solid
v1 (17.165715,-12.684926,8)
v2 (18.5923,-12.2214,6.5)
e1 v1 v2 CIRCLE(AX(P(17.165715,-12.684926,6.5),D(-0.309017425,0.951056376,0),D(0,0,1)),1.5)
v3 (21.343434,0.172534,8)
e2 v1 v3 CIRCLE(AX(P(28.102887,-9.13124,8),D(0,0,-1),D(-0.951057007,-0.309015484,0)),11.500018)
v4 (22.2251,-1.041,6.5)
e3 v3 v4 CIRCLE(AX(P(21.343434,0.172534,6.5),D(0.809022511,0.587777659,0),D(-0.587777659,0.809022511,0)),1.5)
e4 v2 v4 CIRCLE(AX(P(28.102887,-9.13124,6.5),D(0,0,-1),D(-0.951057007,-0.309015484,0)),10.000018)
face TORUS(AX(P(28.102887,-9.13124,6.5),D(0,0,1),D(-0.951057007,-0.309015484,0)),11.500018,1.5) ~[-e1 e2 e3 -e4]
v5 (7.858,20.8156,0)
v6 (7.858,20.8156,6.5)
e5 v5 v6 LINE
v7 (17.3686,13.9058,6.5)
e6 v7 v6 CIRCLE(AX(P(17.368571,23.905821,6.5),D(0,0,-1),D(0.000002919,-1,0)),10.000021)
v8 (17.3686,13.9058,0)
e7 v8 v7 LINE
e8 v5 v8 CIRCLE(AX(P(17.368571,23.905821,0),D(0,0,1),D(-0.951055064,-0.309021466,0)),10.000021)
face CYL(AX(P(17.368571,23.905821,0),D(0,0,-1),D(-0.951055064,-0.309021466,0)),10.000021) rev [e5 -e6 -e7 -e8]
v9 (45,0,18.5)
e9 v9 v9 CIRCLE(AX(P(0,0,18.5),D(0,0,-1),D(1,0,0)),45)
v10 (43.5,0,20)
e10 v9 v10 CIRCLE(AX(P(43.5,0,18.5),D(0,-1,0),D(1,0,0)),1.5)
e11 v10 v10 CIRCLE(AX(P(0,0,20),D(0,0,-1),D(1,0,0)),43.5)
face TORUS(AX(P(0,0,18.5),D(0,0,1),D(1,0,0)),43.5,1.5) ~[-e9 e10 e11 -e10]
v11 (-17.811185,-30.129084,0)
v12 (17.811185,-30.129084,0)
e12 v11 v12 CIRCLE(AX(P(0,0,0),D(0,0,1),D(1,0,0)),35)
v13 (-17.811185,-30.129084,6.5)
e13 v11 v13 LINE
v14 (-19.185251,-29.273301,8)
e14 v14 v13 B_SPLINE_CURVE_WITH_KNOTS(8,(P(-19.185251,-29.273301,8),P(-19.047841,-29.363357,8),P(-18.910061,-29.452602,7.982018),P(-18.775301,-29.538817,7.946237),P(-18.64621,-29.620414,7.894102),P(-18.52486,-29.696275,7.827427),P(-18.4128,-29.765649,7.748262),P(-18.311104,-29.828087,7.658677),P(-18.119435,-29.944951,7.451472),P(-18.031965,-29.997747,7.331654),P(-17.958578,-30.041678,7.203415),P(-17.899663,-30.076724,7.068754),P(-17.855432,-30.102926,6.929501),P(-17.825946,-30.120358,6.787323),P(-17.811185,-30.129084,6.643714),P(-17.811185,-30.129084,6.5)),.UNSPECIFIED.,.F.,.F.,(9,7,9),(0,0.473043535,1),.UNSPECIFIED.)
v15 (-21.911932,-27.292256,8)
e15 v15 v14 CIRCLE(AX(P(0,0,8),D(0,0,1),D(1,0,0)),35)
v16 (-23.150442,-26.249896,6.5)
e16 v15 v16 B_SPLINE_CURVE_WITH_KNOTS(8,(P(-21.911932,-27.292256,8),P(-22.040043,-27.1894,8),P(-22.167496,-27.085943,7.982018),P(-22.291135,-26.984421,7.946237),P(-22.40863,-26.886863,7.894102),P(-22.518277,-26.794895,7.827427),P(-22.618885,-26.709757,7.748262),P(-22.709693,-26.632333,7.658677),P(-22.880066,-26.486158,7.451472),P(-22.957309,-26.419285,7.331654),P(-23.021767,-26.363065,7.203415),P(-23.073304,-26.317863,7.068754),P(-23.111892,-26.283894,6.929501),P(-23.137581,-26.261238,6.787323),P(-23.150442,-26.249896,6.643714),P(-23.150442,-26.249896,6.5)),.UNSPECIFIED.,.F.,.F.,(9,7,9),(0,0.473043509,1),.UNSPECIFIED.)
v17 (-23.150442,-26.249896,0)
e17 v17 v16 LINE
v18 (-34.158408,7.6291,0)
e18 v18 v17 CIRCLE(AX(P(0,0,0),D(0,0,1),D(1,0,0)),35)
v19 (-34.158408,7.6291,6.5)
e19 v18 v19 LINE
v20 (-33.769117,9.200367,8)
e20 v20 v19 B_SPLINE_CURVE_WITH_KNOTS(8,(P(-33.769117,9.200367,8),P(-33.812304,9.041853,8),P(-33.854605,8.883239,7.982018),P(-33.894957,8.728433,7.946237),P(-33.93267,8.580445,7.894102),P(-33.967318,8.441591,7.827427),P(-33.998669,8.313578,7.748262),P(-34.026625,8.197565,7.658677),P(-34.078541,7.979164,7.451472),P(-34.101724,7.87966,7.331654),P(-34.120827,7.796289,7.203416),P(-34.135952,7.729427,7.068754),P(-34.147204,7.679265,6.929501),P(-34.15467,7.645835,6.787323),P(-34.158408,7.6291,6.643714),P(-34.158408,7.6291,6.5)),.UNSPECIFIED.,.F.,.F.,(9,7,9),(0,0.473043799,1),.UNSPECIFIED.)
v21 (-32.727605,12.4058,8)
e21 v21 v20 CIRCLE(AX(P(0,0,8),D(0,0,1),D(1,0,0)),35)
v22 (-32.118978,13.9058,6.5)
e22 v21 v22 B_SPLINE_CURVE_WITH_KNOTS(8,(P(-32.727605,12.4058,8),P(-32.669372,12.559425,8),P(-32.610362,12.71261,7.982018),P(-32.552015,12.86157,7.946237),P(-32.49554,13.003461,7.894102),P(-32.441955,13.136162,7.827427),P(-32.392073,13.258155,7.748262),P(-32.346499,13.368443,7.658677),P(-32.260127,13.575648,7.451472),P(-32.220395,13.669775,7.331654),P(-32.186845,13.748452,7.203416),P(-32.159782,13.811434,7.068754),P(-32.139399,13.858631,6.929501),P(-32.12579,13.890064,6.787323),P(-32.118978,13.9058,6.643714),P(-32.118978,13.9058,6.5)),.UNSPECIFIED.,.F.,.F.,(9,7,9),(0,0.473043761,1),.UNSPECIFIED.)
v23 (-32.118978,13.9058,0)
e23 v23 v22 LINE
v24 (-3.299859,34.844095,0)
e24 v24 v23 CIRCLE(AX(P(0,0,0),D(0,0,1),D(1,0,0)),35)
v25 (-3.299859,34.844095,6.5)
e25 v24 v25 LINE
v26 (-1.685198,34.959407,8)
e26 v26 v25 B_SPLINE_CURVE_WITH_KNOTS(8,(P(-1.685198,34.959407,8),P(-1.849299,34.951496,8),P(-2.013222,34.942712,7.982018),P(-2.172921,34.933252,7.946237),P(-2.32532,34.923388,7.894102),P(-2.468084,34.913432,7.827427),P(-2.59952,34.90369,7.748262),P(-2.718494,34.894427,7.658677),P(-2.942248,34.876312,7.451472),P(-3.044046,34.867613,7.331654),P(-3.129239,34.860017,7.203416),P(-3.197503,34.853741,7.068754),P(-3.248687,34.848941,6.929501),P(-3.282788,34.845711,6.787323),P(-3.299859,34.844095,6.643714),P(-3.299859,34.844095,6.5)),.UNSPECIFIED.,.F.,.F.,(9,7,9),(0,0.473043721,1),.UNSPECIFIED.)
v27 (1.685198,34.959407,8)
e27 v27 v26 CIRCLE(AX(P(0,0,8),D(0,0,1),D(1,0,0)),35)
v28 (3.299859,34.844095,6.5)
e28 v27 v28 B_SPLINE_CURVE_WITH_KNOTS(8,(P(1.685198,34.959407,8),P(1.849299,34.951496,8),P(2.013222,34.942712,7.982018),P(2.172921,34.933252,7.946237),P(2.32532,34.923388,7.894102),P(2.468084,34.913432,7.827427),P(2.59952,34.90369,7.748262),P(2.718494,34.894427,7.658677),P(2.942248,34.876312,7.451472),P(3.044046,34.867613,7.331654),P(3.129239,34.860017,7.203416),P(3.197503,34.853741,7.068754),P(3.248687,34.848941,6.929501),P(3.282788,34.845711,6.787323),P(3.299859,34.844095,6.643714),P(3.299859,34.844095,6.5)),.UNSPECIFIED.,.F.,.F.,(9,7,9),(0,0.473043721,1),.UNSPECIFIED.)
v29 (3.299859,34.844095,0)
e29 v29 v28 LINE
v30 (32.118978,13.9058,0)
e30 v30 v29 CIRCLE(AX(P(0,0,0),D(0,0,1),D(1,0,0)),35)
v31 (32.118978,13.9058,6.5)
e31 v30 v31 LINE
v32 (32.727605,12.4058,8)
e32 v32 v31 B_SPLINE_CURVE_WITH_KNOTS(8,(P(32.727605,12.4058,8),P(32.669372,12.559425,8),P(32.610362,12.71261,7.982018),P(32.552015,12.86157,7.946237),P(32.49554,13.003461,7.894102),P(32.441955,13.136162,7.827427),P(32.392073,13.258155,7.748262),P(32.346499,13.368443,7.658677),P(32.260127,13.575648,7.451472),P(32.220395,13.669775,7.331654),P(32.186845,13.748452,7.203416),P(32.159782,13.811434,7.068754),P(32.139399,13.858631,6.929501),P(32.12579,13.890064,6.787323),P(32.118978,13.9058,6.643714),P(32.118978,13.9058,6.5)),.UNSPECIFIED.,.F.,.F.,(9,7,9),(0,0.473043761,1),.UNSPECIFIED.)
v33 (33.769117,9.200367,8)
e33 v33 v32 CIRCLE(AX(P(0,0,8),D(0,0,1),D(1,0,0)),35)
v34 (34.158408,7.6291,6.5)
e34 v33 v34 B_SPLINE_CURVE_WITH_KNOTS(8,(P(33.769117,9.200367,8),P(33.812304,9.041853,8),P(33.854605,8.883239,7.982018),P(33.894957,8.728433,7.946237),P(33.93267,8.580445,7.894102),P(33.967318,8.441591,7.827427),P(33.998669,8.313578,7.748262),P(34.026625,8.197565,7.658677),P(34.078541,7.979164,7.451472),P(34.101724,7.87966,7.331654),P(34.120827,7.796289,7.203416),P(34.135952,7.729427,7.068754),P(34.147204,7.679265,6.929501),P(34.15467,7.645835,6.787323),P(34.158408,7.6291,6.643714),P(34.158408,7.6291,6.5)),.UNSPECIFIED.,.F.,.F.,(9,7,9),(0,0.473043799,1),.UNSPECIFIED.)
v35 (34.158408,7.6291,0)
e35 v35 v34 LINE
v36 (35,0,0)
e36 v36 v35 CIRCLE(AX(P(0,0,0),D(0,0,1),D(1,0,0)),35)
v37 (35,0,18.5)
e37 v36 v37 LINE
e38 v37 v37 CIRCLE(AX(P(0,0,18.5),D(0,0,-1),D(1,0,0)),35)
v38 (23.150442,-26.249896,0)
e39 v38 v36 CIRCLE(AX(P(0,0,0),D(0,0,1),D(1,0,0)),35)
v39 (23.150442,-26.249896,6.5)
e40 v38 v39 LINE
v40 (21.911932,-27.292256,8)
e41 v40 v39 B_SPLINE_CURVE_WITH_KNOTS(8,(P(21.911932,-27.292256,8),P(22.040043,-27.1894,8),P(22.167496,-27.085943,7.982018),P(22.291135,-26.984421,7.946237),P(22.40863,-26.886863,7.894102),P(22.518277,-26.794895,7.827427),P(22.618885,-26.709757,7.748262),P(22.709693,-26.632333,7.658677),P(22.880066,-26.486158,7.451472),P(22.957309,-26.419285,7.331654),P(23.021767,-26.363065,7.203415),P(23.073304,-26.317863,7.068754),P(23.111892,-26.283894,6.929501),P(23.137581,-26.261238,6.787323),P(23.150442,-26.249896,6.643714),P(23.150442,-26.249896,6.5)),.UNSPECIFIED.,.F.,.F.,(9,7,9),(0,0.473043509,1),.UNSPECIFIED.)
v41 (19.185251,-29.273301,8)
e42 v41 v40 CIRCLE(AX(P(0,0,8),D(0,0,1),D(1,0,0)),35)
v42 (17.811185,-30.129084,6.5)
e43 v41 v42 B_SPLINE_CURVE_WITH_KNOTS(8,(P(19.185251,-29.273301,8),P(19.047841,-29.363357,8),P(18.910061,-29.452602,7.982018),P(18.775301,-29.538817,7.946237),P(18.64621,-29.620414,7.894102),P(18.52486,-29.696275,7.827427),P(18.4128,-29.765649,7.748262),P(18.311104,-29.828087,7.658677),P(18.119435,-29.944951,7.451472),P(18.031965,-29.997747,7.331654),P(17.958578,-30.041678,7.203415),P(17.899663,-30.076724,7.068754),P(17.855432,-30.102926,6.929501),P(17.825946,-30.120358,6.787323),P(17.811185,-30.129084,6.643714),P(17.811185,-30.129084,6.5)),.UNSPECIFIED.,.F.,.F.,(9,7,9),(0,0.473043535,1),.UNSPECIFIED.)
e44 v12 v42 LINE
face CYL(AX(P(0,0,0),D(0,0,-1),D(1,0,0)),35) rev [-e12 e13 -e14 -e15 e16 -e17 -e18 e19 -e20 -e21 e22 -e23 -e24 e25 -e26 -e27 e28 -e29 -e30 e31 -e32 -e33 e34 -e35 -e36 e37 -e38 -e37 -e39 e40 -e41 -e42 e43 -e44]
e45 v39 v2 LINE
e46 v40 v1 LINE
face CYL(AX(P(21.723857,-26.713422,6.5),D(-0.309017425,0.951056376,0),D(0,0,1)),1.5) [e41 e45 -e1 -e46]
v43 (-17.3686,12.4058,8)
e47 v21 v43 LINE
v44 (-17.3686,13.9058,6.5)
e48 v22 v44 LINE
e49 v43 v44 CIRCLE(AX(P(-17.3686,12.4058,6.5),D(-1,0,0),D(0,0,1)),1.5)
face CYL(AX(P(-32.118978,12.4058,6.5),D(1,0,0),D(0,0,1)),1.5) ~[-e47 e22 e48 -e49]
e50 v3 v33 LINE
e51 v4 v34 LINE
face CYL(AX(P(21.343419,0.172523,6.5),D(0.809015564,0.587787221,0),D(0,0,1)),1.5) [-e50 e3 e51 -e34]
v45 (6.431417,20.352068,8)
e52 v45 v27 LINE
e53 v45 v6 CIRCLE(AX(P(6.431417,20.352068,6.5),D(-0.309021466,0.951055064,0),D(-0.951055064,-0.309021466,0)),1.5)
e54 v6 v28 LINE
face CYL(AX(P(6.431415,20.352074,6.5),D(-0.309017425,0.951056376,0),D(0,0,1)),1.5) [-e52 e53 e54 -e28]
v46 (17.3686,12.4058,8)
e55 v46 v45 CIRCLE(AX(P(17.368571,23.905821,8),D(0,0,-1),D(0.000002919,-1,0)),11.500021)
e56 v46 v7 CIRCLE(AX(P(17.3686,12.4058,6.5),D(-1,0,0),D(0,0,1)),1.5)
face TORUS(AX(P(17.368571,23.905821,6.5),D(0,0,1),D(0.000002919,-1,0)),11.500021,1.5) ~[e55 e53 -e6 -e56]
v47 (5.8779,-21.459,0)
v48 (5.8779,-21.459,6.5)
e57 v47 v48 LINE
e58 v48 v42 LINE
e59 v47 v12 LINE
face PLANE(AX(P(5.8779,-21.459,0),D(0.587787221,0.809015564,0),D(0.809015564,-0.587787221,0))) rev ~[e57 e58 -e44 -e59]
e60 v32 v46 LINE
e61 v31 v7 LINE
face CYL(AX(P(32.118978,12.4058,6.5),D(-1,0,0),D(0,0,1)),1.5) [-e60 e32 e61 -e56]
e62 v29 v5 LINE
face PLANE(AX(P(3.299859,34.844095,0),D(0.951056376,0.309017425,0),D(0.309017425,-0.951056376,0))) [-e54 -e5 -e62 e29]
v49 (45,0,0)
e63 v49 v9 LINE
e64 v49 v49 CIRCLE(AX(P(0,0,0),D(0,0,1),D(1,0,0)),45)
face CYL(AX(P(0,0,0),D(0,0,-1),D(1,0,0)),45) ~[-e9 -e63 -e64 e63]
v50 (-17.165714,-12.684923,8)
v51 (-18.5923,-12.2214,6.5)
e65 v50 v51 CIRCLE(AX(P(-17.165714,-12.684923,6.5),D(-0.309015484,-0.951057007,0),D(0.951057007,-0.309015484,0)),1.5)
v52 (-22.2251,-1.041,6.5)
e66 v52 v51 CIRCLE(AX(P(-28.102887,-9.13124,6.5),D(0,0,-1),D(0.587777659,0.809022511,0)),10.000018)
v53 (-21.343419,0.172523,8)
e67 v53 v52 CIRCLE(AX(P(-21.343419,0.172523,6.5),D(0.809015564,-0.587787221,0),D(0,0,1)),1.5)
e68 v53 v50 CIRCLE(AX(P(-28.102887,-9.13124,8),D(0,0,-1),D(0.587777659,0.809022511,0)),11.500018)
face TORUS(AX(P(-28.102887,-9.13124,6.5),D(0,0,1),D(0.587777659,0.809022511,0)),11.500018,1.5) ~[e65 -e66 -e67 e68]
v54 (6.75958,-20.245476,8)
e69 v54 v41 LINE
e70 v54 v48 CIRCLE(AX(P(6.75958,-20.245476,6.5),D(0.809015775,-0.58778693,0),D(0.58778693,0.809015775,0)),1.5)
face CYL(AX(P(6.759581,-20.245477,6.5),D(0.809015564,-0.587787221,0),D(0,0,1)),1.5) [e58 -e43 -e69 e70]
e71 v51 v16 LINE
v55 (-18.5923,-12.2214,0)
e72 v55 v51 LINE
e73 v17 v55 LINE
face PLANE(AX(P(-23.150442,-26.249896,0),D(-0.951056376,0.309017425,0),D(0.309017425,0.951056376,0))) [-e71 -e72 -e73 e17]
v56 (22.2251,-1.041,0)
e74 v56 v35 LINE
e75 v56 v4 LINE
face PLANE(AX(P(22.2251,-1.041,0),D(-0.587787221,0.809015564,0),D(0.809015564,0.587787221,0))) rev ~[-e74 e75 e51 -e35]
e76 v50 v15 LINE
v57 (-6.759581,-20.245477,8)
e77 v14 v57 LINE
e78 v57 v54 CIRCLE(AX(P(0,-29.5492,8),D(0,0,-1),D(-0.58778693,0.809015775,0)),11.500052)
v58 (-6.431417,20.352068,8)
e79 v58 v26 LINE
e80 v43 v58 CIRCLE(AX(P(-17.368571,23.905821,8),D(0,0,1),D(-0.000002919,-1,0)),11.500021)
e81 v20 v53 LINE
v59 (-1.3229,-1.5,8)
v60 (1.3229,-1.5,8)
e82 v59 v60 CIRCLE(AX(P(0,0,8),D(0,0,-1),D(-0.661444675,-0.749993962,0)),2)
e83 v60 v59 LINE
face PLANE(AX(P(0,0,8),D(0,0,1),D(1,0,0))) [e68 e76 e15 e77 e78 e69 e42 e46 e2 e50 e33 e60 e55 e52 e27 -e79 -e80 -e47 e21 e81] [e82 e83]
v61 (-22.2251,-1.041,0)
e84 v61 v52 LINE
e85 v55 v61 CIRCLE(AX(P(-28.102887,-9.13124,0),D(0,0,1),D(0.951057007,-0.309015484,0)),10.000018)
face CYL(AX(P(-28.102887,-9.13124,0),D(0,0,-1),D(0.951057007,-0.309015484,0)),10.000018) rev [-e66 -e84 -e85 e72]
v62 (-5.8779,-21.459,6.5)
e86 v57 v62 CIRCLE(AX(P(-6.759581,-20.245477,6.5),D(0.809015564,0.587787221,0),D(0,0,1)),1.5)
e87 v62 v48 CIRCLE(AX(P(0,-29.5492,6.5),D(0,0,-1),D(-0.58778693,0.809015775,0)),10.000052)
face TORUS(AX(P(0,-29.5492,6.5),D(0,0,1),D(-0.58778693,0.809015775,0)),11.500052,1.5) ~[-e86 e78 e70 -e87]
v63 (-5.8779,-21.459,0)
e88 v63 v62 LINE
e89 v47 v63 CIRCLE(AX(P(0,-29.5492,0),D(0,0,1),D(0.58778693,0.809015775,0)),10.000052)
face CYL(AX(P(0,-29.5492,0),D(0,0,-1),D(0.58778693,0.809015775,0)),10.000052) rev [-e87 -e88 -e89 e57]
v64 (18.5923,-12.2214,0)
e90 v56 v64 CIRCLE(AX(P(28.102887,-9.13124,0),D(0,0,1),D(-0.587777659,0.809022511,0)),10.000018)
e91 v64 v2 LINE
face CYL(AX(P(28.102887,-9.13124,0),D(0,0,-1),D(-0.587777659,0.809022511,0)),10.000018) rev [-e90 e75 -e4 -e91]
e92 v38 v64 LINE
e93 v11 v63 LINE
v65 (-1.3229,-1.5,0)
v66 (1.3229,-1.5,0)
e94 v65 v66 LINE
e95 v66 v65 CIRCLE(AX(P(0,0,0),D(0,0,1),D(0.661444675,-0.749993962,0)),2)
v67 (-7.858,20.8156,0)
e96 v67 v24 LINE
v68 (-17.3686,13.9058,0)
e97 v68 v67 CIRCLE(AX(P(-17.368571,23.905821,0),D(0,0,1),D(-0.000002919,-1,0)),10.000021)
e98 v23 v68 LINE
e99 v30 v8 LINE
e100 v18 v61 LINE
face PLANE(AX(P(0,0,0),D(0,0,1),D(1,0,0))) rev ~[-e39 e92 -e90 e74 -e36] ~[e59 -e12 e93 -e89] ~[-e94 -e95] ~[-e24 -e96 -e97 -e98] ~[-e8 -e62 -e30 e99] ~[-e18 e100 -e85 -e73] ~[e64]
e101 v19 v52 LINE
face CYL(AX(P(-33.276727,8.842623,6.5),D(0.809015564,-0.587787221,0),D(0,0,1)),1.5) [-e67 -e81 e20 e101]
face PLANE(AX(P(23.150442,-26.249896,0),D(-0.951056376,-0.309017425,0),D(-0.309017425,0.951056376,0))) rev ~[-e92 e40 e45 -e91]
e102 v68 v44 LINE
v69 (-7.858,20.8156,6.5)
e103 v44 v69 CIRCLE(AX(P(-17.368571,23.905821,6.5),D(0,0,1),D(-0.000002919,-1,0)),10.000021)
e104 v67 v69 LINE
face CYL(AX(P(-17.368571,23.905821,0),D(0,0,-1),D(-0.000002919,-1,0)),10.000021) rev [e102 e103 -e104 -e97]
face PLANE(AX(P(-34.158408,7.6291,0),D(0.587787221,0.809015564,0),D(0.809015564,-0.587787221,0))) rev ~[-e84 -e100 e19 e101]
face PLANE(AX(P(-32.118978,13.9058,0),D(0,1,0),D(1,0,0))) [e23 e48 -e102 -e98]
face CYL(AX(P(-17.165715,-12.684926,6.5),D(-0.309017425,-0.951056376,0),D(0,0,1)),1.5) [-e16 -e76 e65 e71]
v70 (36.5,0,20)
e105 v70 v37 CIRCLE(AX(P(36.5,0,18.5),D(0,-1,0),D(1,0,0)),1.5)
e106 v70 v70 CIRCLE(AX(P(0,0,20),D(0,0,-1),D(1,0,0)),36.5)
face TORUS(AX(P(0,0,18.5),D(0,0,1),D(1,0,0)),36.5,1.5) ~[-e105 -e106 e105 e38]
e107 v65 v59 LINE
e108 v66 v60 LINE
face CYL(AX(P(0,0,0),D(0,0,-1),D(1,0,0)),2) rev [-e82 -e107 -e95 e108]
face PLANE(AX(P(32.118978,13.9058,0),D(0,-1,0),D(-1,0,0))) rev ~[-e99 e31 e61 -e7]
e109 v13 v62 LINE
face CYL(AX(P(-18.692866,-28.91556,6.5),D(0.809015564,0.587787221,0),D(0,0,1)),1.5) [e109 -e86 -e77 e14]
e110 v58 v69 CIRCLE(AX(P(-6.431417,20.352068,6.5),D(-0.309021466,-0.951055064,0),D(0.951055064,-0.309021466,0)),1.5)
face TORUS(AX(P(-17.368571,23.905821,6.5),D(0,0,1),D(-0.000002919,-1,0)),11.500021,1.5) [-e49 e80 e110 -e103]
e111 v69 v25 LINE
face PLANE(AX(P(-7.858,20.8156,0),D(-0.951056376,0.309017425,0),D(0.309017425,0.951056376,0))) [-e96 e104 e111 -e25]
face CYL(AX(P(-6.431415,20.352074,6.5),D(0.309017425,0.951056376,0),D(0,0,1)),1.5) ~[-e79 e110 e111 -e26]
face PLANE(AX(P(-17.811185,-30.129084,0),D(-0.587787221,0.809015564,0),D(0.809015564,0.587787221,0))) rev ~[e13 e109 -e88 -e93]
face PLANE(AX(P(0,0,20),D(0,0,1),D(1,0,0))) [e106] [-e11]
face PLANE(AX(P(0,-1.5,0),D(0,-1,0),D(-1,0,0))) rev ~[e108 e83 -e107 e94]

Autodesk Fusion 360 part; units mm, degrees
sketch "Esboço1" plane through (0, 0, 0) normal (0, 0, 1) x (1, 0, 0)
  circle A0 centre (0, 0) radius 45
  circle A1 centre (0, 0) radius 2
  circle A2 centre (0, 0) radius 35
  line L0 (-7.858, 20.8156) -> (0, 45)
  line L1 (-42.7975, 13.9058) -> (-17.3686, 13.9058)
  arc A3 (-17.3686, 13.9058) -> (-7.858, 20.8156) centre (-17.3686, 23.9058) ccw
  line L2 (0, 45) -> (7.858, 20.8156)
  line L3 (42.7975, 13.9058) -> (17.3686, 13.9058)
  arc A4 (7.858, 20.8156) -> (17.3686, 13.9058) centre (17.3686, 23.9058) ccw
  line L4 (-42.7975, 13.9058) -> (-22.2251, -1.041)
  line L5 (-26.4503, -36.4058) -> (-18.5923, -12.2214)
  arc A5 (-18.5923, -12.2214) -> (-22.2251, -1.041) centre (-28.1029, -9.1312) ccw
  line L6 (22.2251, -1.041) -> (42.7975, 13.9058)
  line L7 (26.4503, -36.4058) -> (18.5923, -12.2214)
  arc A6 (22.2251, -1.041) -> (18.5923, -12.2214) centre (28.1029, -9.1312) ccw
  line L8 (5.8779, -21.459) -> (26.4503, -36.4058)
  line L9 (-26.4503, -36.4058) -> (-5.8779, -21.459)
  arc A7 (5.8779, -21.459) -> (-5.8779, -21.459) centre (0, -29.5492) ccw
  line L10 (0, -1.5) -> (-1.3229, -1.5)
  line L11 (0, -1.5) -> (1.3229, -1.5)
  dimension "d1" = 10
  dimension "d2" = 10
  dimension "d3" = 10
  dimension "d4" = 10
  dimension "d5" = 10
extrude "Extrusão1" add sketch "Esboço1" along normal blind 20 contours A0 A2 L6 L7 | A0 A2 L2 L3 | A2 L3 L6 | A2 L7 L8 | A0 A2 L8 L9 | A0 A2 L0 L1 | A2 L0 L2 | A0 A2 L4 L5 | A2 L5 L9 | A2 L1 L4
extrude "Extrusão2" add sketch "Esboço1" along normal blind 8 contours A2 L0 L1 A3 L2 L3 A4 L4 L5 A5 L6 L7 A6 L8 L9 A7 | A1 L10 L11 picked at (-0.096, -1.8264)
fillet "Arredondamento1" radius 1.5 17 edges at (-41.9547, -16.2727, 20) (-32.6315, 12.6565, 20) (-28.1917, 3.294, 8) (-18.5923, -6.041, 8) (-20.8714, -19.2356, 8) (-5.5789, 27.8298, 8) (-11.4907, 15.8156, 8) (-24.7438, 13.9058, 8) (24.7438, 13.9058, 8) (11.4907, 15.8156, 8) (5.5789, 27.8298, 8) (20.8714, -19.2356, 8) (18.5923, -6.041, 8) (28.1917, 3.294, 8) (-11.8445, -25.794, 8) (0, -19.5492, 8) (11.8445, -25.794, 8)
sketch "Esboço2" plane through (0, 0, 20) normal (0, 0, 1) x (-1, 0, 0)
  circle A0 centre (0, 0) radius 43.5
  circle A1 centre (0, 0) radius 36.5
